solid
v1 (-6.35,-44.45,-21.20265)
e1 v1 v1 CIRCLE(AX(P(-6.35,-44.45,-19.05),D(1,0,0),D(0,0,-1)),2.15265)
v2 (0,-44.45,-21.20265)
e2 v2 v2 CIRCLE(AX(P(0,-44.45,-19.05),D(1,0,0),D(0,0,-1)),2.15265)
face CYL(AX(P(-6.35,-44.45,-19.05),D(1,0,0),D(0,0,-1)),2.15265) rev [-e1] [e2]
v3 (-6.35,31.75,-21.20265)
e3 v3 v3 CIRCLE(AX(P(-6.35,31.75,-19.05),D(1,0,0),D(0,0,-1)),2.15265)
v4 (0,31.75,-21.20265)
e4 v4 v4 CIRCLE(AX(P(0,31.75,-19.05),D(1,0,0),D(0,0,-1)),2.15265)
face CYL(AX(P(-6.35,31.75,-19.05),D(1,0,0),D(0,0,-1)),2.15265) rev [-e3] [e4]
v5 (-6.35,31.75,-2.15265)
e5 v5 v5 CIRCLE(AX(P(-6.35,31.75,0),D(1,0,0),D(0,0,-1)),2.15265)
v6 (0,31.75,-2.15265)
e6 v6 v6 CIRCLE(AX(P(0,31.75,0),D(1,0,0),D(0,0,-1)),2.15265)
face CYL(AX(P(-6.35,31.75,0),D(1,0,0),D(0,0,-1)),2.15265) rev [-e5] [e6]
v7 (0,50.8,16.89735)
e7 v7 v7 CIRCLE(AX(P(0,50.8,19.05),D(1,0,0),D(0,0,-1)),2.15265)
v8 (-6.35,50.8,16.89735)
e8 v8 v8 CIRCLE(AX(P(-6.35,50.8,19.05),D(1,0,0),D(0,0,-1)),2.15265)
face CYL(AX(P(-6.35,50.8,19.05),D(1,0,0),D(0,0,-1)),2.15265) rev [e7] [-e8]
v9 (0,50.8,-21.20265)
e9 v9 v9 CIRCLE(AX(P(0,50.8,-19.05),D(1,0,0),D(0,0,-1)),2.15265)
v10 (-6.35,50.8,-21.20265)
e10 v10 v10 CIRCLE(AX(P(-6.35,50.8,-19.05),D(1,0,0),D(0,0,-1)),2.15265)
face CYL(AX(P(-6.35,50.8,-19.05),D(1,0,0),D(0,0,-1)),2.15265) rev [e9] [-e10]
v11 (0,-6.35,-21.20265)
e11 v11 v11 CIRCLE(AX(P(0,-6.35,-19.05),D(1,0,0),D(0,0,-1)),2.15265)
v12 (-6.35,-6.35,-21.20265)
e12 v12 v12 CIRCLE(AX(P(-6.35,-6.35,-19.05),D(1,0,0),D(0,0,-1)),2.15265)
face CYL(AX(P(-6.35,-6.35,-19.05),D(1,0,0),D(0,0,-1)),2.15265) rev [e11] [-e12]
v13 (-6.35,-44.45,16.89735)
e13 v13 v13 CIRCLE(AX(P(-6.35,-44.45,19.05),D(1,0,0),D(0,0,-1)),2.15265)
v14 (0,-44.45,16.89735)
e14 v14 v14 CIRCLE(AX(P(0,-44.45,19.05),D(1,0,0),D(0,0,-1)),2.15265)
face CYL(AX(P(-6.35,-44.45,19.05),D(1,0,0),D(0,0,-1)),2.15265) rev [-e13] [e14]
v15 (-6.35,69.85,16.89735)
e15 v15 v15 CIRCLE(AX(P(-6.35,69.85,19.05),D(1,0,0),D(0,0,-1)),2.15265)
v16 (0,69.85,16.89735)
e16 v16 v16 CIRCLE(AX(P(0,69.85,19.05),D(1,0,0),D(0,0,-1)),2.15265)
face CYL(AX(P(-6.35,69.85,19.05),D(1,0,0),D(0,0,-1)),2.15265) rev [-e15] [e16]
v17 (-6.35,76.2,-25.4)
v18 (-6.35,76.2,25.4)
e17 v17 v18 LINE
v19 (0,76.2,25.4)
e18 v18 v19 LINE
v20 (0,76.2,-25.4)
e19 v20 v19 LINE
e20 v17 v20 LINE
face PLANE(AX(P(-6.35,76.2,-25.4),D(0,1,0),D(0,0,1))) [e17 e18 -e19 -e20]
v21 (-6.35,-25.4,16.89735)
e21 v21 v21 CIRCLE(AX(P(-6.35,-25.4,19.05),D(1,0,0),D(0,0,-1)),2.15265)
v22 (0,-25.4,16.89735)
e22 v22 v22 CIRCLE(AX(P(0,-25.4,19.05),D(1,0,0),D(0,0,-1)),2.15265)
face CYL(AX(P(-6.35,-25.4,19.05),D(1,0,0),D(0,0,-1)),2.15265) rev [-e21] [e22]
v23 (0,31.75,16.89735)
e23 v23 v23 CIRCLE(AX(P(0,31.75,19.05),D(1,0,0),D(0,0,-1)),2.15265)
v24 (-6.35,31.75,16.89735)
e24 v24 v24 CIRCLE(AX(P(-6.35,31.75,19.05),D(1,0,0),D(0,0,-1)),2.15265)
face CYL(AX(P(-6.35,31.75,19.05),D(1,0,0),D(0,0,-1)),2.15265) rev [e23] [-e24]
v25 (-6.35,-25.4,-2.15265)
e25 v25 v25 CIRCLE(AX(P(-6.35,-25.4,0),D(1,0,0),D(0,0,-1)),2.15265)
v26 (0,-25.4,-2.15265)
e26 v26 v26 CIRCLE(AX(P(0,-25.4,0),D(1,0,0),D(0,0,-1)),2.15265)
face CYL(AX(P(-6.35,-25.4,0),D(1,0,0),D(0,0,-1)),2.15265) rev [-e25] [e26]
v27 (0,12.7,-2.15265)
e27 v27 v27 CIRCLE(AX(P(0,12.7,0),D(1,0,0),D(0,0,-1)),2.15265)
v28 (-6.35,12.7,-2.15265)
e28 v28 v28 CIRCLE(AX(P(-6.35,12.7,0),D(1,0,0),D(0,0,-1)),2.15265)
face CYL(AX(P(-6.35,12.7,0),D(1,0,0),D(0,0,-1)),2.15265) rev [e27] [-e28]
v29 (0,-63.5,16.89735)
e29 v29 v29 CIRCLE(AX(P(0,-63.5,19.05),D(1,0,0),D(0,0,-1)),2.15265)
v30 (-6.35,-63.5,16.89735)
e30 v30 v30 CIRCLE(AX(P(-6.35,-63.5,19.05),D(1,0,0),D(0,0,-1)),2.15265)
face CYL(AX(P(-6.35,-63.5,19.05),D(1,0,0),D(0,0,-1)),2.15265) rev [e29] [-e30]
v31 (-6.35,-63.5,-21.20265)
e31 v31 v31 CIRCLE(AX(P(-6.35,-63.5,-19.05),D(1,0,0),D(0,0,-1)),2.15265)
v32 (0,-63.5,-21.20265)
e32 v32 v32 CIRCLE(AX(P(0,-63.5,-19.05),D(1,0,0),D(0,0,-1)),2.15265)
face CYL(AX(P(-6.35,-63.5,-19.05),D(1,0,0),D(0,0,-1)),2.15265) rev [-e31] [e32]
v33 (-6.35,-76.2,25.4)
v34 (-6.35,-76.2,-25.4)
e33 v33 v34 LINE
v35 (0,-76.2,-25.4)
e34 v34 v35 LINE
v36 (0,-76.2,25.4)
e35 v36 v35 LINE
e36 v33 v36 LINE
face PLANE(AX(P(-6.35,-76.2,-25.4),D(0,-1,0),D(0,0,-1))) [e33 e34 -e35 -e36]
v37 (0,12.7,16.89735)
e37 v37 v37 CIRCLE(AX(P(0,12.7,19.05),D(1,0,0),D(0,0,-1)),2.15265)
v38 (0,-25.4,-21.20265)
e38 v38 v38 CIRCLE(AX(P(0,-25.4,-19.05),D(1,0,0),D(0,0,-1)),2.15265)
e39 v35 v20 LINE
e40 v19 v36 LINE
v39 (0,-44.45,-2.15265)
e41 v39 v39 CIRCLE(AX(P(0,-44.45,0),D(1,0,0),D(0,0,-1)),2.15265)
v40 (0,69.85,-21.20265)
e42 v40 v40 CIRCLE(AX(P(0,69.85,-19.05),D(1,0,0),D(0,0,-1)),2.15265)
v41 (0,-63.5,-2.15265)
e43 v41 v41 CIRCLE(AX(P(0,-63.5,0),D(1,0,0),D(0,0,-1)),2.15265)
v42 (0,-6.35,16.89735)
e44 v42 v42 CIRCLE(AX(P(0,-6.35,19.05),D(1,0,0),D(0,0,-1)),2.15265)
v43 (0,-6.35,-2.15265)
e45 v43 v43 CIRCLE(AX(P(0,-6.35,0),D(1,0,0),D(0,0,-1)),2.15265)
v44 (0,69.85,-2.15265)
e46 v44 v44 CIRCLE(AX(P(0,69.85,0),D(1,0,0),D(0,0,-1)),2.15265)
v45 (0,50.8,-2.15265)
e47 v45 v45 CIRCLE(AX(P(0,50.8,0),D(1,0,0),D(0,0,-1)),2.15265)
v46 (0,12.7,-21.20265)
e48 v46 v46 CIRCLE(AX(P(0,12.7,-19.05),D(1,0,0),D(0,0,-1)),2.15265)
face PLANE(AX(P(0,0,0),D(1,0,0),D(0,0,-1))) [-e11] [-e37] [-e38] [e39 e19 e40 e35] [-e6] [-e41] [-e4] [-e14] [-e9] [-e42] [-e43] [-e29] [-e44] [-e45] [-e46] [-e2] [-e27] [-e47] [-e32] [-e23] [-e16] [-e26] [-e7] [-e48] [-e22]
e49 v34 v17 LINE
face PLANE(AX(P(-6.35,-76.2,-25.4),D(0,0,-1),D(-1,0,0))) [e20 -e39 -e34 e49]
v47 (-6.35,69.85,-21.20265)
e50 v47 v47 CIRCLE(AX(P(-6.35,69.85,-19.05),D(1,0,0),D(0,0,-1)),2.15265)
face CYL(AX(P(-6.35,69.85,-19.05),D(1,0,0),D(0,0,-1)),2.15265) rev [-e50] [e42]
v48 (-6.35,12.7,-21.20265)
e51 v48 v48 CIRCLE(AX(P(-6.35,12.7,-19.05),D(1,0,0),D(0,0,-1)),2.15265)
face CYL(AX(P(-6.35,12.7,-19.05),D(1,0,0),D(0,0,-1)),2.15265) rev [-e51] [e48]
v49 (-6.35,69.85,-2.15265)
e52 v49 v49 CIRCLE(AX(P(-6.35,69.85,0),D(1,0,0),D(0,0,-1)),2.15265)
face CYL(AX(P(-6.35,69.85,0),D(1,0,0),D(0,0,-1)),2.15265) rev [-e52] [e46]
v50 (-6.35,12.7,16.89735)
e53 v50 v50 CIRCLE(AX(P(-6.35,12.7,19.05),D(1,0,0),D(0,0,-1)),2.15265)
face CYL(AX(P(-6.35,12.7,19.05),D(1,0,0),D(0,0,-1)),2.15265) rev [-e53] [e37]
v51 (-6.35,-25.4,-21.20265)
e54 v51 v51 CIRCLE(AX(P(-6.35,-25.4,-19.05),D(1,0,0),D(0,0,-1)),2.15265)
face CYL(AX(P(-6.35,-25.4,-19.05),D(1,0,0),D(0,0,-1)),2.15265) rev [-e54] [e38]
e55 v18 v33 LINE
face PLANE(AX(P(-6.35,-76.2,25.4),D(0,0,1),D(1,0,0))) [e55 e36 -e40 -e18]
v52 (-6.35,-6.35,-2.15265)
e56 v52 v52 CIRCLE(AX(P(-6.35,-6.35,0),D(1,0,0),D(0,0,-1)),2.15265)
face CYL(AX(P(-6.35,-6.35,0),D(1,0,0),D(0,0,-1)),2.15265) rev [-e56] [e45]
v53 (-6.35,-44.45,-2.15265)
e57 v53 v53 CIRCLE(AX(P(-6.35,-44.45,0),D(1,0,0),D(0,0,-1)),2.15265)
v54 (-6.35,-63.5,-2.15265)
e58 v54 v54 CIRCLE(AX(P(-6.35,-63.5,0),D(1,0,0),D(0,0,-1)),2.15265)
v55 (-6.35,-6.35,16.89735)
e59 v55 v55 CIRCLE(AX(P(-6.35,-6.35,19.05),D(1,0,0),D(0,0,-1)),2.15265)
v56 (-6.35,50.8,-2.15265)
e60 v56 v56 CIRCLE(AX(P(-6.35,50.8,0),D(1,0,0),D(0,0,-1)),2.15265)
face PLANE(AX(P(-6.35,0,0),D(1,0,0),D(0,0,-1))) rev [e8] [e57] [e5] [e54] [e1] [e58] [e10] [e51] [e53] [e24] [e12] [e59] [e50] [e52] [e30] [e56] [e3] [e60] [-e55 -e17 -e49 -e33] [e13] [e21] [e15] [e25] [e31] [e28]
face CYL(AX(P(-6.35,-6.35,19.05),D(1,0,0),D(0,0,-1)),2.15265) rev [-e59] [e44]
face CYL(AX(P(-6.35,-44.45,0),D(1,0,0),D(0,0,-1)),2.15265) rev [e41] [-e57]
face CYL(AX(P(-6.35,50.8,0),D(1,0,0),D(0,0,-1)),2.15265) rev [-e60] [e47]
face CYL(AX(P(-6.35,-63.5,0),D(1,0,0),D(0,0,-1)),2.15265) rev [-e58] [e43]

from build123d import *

# Parameters (mm, degrees)
SKETCH1_W           = 50.8
SKETCH1_H           = 152.4
BOSS_EXTRUDE1_DEPTH = 6.35
SKETCH2_R           = 2.15265
CUT_EXTRUDE1_DEPTH  = 81.572467382


with BuildPart() as part:
    # Sketch1 → Boss-Extrude1 (new body)
    with BuildSketch(Plane(origin=(0, 0, 0), x_dir=(0, 0, -1), z_dir=(1, 0, 0))):
        Rectangle(SKETCH1_W, SKETCH1_H)
    extrude(amount=-BOSS_EXTRUDE1_DEPTH)

    # Sketch2 → Cut-Extrude1 (cut, through all)
    with BuildSketch(Plane(origin=(0, 0, 0), x_dir=(0, 0, -1), z_dir=(1, 0, 0))):
        with Locations((-19.05, 69.85)):
            Circle(SKETCH2_R)
        with Locations((0, 69.85)):
            Circle(SKETCH2_R)
        with Locations((19.05, 69.85)):
            Circle(SKETCH2_R)
        with Locations((0, 50.8)):
            Circle(SKETCH2_R)
        with Locations((19.05, 50.8)):
            Circle(SKETCH2_R)
        with Locations((0, 31.75)):
            Circle(SKETCH2_R)
        with Locations((19.05, 31.75)):
            Circle(SKETCH2_R)
        with Locations((0, 12.7)):
            Circle(SKETCH2_R)
        with Locations((19.05, 12.7)):
            Circle(SKETCH2_R)
        with Locations((0, -6.35)):
            Circle(SKETCH2_R)
        with Locations((19.05, -6.35)):
            Circle(SKETCH2_R)
        with Locations((0, -25.4)):
            Circle(SKETCH2_R)
        with Locations((19.05, -25.4)):
            Circle(SKETCH2_R)
        with Locations((0, -44.45)):
            Circle(SKETCH2_R)
        with Locations((19.05, -44.45)):
            Circle(SKETCH2_R)
        with Locations((0, -63.5)):
            Circle(SKETCH2_R)
        with Locations((19.05, -63.5)):
            Circle(SKETCH2_R)
        with Locations((-19.05, 50.8)):
            Circle(SKETCH2_R)
        with Locations((-19.05, 31.75)):
            Circle(SKETCH2_R)
        with Locations((-19.05, 12.7)):
            Circle(SKETCH2_R)
        with Locations((-19.05, -6.35)):
            Circle(SKETCH2_R)
        with Locations((-19.05, -25.4)):
            Circle(SKETCH2_R)
        with Locations((-19.05, -44.45)):
            Circle(SKETCH2_R)
        with Locations((-19.05, -63.5)):
            Circle(SKETCH2_R)
    extrude(amount=-CUT_EXTRUDE1_DEPTH, mode=Mode.SUBTRACT)


solid = part.part
